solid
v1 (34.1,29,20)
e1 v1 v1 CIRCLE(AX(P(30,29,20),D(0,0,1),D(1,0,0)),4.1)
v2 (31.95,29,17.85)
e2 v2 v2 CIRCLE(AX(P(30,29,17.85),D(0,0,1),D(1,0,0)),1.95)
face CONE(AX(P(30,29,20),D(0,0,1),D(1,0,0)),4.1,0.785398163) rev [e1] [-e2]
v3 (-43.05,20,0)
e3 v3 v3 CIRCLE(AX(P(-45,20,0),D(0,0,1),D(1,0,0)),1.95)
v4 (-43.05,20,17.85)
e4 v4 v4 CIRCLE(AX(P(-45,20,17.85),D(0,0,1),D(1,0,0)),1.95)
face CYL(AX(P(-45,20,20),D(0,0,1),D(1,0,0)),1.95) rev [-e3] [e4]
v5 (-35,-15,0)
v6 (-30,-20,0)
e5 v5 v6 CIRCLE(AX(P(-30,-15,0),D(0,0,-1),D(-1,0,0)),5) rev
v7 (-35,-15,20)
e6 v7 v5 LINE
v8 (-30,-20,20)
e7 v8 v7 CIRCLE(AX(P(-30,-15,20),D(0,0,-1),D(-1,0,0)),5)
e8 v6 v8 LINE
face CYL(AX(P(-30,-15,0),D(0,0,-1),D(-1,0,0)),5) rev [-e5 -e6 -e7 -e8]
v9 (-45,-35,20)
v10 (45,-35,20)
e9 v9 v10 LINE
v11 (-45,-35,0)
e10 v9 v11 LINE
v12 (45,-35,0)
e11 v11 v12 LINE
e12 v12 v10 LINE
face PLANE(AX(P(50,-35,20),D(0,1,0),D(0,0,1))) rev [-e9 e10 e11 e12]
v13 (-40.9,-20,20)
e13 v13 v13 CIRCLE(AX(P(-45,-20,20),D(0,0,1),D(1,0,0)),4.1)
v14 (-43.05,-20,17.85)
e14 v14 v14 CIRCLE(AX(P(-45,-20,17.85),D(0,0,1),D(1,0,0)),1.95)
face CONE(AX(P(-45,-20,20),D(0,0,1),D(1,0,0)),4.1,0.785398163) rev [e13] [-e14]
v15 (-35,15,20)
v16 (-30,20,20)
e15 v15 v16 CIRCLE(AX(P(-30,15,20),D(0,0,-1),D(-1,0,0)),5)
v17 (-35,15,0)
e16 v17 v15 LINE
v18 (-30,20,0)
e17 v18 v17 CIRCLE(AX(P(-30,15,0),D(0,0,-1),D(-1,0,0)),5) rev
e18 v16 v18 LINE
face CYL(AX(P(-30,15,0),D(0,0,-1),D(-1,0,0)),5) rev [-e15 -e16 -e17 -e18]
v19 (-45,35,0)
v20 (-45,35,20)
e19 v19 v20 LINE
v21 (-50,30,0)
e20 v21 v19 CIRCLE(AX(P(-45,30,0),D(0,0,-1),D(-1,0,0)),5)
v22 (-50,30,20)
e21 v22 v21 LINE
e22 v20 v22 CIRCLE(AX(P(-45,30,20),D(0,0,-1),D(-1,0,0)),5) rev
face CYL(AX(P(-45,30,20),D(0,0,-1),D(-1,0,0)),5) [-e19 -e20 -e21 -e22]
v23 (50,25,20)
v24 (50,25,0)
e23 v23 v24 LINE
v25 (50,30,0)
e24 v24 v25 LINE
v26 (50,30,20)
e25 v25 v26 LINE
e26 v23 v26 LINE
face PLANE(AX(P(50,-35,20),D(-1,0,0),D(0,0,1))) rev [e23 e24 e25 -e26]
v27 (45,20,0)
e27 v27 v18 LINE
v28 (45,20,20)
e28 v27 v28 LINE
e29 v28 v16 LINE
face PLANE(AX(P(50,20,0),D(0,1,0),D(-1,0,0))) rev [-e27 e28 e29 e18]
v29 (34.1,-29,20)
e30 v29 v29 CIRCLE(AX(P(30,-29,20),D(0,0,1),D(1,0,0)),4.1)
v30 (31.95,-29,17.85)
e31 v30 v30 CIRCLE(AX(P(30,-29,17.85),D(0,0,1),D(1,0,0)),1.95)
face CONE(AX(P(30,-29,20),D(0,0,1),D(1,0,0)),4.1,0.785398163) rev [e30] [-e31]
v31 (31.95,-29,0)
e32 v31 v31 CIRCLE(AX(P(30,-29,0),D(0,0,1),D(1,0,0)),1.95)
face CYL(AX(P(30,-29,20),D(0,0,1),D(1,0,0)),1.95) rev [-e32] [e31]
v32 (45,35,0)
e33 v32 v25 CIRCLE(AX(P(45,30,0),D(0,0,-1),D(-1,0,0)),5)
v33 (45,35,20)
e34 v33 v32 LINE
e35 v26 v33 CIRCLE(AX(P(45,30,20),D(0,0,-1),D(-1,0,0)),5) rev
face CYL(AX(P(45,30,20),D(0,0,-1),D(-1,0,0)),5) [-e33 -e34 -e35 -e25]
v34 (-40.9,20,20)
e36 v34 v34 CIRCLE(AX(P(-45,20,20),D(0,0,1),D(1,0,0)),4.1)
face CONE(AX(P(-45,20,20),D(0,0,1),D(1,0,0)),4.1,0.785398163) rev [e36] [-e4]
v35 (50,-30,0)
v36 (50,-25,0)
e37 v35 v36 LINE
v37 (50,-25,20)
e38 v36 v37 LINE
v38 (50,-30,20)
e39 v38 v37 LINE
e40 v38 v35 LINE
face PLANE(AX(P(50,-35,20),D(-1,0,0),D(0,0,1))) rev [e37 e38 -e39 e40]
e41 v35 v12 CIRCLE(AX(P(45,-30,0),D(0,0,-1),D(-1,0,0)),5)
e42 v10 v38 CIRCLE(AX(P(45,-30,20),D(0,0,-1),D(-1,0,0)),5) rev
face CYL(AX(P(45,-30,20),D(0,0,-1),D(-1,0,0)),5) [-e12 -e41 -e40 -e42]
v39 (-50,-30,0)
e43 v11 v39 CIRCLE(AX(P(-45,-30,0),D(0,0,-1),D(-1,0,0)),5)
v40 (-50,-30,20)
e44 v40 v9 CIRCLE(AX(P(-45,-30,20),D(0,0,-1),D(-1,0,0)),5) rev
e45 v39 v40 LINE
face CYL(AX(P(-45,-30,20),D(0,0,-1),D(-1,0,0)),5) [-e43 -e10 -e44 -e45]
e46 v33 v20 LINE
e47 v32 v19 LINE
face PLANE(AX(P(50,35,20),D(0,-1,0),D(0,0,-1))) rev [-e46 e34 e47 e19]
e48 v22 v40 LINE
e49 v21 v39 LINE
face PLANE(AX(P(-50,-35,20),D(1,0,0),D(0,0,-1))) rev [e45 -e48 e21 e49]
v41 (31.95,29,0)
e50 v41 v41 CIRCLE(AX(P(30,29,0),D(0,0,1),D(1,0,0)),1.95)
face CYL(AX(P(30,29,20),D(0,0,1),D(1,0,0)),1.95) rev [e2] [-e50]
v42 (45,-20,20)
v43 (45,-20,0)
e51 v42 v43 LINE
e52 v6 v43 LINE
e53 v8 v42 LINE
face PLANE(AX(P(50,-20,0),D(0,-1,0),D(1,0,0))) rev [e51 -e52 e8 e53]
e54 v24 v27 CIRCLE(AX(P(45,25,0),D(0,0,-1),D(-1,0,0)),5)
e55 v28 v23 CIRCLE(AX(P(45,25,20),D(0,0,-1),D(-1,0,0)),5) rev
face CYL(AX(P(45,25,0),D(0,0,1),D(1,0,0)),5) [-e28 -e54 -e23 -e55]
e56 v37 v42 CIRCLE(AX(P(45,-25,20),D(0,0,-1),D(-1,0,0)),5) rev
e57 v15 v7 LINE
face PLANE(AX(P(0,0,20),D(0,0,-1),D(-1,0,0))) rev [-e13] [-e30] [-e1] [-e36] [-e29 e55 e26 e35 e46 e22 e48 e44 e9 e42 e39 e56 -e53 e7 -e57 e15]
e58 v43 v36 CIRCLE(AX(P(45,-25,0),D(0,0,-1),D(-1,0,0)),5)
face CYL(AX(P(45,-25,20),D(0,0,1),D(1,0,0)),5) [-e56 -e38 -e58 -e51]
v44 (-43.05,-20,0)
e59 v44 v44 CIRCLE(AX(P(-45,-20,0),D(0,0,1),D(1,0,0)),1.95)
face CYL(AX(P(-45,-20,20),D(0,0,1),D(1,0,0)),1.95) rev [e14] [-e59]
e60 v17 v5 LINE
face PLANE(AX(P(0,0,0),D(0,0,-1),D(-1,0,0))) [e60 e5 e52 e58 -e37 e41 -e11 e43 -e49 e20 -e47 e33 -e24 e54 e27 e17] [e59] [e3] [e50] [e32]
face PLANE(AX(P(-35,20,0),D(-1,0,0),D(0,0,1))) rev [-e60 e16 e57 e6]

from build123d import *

# Parameters (mm, degrees)
SCHIZZO1_W                               = 70
SCHIZZO1_H                               = 100
ESTRUSIONE_ESTRUSIONE1_DEPTH             = 20
FORO_SVASATO_PER_VITE_M3_5_2_D           = 3.9
FORO_SVASATO_PER_VITE_M3_5_2_CSINK_D     = 8.2
FORO_SVASATO_PER_VITE_M3_5_2_CSINK_ANGLE = 90
SCHIZZO8_W                               = 85
SCHIZZO8_H                               = 40
TAGLIO_ESTRUSIONE1_DEPTH                 = 65.226162893
RACCORDO2_R                              = 5


with BuildPart() as part:
    # Schizzo1 → Estrusione-Estrusione1 (new body)
    with BuildSketch(Plane(origin=(0, 0, 0), x_dir=(0, 1, 0), z_dir=(0, 0, 1))):
        Rectangle(SCHIZZO1_W, SCHIZZO1_H)
    extrude(amount=ESTRUSIONE_ESTRUSIONE1_DEPTH)

    # Foro svasato per Vite M3.5-2 (through all)
    with Locations(Plane.XY.offset(20)):
        with Locations((-45, -20), (30, -29)):
            foro_svasato_per_vite_m3_5_2 = CounterSinkHole(FORO_SVASATO_PER_VITE_M3_5_2_D / 2, FORO_SVASATO_PER_VITE_M3_5_2_CSINK_D / 2, counter_sink_angle=FORO_SVASATO_PER_VITE_M3_5_2_CSINK_ANGLE)

    # Specchia1: Foro svasato per Vite M3.5-2 across plane
    add(foro_svasato_per_vite_m3_5_2.mirror(Plane.ZX), mode=Mode.SUBTRACT)

    # Schizzo8 → Taglio-Estrusione1 (cut, through all)
    with BuildSketch(Plane.XY.offset(20)):
        with Locations((7.5, 0)):
            Rectangle(SCHIZZO8_W, SCHIZZO8_H)
    extrude(amount=-TAGLIO_ESTRUSIONE1_DEPTH, mode=Mode.SUBTRACT)

    # Raccordo2
    raccordo2_edges = [part.edges().sort_by_distance(p)[0] for p in [
        (50, 20, 10),
        (50, -20, 10),
        (-35, -20, 10),
        (-35, 20, 10),
        (50, 35, 10),
        (50, -35, 10),
        (-50, -35, 10),
        (-50, 35, 10),
    ]]
    fillet(raccordo2_edges, radius=RACCORDO2_R)


solid = part.part
